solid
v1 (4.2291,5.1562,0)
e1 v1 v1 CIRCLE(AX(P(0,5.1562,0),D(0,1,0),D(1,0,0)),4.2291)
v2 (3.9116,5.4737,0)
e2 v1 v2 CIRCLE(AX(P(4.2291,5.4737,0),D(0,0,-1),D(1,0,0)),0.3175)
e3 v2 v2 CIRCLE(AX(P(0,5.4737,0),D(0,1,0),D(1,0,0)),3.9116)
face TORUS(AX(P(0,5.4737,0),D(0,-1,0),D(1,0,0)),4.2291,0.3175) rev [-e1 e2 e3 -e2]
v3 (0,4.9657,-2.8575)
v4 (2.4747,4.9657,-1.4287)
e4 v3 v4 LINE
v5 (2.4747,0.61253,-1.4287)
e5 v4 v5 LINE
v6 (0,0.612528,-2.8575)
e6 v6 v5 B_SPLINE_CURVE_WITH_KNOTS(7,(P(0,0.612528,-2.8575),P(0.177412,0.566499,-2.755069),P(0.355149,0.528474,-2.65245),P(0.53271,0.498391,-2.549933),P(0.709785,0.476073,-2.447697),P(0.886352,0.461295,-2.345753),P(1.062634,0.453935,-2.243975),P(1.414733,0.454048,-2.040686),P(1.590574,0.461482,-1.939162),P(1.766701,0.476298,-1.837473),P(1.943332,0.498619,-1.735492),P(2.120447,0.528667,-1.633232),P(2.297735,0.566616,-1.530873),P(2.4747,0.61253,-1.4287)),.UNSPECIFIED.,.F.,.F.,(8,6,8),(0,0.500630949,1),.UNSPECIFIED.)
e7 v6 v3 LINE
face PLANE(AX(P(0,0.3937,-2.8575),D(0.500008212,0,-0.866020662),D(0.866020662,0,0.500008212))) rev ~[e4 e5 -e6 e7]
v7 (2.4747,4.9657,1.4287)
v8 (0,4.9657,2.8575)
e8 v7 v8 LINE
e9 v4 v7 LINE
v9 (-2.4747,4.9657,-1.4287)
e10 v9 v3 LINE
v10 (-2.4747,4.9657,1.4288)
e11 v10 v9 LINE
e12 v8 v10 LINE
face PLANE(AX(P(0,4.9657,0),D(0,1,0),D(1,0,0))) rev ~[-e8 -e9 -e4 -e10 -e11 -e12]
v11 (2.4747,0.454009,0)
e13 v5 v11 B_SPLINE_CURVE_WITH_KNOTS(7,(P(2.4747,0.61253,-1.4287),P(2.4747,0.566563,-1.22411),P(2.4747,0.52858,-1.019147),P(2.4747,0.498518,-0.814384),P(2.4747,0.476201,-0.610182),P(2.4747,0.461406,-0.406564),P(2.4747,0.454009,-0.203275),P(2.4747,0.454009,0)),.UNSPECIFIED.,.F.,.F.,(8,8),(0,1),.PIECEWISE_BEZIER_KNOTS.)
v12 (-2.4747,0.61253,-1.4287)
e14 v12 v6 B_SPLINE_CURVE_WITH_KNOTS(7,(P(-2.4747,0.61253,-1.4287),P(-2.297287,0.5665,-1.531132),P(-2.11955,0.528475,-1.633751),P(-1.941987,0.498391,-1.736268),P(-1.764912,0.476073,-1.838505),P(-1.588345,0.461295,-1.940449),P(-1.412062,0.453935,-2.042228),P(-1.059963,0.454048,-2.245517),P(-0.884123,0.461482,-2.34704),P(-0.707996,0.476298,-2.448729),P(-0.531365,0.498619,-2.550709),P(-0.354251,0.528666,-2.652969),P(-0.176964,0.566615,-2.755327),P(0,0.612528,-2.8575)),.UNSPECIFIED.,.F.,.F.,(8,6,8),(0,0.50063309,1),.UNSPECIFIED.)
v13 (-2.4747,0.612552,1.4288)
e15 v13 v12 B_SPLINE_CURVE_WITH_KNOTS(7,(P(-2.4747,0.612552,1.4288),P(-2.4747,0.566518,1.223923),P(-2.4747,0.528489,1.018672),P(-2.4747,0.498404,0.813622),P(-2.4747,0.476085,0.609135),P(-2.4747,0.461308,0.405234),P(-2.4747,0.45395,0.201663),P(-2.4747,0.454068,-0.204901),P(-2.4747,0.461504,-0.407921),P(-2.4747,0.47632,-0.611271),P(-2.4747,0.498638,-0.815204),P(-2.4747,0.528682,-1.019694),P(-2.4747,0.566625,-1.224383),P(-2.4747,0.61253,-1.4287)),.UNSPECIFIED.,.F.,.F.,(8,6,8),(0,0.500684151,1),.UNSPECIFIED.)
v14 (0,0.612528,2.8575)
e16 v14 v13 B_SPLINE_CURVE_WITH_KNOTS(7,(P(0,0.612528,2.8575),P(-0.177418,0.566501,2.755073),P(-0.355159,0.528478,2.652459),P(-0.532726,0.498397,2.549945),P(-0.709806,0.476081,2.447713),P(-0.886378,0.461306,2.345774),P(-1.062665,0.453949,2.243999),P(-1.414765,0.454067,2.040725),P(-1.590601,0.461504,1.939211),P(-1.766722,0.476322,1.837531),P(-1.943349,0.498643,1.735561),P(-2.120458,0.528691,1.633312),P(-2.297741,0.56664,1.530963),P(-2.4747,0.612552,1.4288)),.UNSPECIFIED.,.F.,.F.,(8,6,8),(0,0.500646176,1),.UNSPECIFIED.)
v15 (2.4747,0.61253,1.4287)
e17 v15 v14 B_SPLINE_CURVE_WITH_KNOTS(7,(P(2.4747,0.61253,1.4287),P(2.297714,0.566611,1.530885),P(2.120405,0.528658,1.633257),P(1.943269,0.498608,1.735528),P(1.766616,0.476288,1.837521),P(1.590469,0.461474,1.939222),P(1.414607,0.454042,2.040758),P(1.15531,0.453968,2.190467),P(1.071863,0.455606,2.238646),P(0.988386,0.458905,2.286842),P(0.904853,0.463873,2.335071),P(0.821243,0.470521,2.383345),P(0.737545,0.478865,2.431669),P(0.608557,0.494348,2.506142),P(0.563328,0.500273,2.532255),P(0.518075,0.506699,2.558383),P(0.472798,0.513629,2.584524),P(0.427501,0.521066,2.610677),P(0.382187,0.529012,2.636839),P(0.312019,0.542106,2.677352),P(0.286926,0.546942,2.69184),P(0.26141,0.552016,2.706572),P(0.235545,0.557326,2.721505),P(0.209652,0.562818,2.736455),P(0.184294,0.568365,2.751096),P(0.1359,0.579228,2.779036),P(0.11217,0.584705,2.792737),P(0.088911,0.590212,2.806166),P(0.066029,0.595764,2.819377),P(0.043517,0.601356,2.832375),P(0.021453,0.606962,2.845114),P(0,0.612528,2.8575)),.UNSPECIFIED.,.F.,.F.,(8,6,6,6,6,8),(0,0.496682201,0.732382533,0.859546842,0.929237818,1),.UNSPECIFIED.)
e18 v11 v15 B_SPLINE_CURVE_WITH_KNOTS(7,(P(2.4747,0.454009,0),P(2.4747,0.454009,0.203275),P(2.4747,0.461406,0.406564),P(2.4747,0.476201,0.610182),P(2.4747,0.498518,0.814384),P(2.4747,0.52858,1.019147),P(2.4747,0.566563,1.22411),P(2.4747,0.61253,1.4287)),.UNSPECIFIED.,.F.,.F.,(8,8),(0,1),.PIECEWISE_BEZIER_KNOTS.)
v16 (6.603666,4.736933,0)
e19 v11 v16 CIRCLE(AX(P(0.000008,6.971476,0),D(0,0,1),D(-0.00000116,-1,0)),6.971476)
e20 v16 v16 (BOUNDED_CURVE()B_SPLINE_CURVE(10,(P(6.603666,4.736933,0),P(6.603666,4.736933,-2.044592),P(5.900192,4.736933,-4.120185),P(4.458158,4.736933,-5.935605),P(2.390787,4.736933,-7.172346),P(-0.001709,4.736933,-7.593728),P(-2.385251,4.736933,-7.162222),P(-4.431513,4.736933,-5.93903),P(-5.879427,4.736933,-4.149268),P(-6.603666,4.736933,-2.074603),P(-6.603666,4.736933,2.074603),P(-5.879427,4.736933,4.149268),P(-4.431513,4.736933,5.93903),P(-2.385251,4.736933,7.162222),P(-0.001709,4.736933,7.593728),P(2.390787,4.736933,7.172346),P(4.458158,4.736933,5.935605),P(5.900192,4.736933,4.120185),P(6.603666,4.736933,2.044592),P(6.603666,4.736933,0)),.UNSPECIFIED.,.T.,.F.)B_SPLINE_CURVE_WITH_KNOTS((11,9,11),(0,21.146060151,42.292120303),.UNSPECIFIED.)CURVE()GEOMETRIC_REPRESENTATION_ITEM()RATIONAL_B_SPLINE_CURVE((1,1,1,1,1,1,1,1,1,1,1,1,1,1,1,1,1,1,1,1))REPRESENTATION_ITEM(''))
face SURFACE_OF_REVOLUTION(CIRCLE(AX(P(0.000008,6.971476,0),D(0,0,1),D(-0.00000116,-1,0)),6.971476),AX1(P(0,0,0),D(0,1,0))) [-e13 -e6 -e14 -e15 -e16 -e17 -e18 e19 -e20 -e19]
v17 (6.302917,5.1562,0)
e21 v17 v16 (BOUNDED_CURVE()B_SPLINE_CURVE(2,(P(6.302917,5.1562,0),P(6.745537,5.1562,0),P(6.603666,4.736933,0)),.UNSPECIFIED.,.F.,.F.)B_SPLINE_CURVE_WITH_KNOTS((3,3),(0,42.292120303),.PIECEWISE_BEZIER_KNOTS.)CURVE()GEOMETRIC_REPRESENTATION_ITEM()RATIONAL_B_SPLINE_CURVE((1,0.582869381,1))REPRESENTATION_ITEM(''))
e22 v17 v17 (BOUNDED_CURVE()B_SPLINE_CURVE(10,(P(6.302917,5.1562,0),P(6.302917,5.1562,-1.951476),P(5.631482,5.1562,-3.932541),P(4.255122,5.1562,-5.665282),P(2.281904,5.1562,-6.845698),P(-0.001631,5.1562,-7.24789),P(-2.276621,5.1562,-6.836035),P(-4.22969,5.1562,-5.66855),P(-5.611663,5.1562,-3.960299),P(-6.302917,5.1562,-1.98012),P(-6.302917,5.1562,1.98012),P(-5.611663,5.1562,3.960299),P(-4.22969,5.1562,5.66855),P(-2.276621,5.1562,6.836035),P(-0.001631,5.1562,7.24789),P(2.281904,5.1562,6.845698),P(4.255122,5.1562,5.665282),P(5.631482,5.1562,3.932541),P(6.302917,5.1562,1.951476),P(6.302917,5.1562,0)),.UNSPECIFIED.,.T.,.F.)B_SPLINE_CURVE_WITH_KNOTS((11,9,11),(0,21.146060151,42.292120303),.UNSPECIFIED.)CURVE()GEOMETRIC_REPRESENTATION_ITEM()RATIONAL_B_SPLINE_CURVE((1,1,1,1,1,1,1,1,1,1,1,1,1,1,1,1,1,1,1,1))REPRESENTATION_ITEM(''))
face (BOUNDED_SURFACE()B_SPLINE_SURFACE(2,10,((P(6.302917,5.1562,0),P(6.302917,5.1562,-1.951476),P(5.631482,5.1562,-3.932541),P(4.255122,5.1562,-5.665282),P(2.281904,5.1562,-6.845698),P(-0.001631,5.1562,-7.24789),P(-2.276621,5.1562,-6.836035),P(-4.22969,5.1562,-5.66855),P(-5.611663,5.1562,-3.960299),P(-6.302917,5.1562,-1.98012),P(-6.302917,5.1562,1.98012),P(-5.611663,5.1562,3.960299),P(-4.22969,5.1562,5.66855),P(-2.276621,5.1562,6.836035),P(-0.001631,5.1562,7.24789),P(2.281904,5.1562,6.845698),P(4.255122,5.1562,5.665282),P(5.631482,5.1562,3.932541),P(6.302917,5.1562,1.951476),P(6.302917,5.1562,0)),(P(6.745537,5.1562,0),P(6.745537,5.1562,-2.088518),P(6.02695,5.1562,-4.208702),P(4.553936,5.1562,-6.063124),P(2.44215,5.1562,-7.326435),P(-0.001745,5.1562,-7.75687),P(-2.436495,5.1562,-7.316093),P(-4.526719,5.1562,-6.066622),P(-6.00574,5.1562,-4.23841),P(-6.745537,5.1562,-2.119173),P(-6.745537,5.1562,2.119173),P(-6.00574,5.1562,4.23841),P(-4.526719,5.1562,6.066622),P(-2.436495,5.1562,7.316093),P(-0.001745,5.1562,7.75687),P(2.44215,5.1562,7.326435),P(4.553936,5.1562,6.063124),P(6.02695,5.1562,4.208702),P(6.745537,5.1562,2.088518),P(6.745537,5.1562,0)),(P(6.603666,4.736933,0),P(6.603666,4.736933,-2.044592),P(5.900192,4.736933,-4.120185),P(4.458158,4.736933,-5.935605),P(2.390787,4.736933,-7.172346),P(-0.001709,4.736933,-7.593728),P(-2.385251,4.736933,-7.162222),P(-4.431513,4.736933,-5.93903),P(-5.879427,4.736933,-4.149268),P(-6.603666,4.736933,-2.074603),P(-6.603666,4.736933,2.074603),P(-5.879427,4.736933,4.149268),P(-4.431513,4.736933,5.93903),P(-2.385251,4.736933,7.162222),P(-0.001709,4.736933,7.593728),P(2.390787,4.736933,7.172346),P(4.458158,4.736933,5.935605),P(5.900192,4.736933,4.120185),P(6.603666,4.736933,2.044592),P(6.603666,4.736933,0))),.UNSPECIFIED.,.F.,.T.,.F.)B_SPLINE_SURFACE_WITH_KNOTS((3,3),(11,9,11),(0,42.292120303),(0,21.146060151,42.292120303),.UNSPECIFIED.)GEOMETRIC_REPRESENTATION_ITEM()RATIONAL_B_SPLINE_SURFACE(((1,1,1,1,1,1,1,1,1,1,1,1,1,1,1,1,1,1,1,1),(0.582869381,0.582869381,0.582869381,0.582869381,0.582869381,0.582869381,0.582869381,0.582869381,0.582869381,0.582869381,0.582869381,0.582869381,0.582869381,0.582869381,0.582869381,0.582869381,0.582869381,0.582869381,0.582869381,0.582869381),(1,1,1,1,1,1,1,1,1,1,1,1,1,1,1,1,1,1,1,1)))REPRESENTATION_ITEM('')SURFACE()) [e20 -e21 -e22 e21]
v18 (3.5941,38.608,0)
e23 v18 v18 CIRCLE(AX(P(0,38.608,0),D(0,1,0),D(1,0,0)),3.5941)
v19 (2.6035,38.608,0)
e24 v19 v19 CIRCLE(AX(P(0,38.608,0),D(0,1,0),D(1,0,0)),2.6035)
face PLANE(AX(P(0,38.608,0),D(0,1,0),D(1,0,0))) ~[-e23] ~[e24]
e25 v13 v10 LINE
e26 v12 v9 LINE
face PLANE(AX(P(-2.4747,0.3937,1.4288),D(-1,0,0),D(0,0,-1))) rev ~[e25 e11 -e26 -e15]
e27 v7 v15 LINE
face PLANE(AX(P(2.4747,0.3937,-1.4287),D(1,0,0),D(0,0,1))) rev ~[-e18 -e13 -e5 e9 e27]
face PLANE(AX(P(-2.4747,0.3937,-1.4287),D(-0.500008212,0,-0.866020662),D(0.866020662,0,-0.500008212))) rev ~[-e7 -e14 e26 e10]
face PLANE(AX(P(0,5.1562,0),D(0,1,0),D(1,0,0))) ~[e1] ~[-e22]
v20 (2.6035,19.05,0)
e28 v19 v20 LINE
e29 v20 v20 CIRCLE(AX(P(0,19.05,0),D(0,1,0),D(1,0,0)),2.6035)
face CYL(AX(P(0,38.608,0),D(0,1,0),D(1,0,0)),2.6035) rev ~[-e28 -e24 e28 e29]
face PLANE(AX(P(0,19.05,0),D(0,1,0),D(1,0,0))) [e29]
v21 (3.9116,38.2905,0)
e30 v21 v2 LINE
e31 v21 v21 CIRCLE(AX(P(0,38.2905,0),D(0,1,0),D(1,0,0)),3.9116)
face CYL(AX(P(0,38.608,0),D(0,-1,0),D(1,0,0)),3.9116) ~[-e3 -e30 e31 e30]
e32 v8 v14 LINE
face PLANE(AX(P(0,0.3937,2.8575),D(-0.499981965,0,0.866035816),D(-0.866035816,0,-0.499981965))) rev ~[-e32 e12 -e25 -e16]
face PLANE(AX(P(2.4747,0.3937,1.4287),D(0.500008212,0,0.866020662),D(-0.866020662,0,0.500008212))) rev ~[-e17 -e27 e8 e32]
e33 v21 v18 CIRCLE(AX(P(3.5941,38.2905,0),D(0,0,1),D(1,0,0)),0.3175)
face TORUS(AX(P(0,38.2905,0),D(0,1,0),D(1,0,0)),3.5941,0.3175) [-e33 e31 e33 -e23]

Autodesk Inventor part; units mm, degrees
ref_plane "YZ Plane" through (0, 0, 0) normal (1, 0, 0) x (0, 1, 0)
ref_plane "XZ Plane" through (0, 0, 0) normal (0, 1, 0) x (-1, 0, 0)
sketch "Sketch1" plane through (0, 0, 0) normal (0, 0, 1) x (1, 0, 0)
  line L0 (0, 0) -> (0, 38.608)
  line L1 (0, 38.608) -> (3.9116, 38.608)
  line L2 (3.9116, 38.608) -> (3.9116, 5.1562)
  line L3 (3.9116, 5.1562) -> (6.731, 5.1562)
  line L4 (6.731, 5.1562) -> (3.9116, 5.1562)
  line L5 (6.731, 5.1562) -> (3.9116, 5.1562)
  arc A0 (0, 0) -> (6.731, 5.1562) centre (0, 6.9715) ccw
  dimension "d0" = 38.608
  dimension "d1" = 6.731
  dimension "d3" = 3.9116
  dimension "d4" = 33.4518
revolve "Revolution1" add sketch "Sketch1" angle 360 about axis through (0, 0, 0) along (0, 1, 0)
fillet "Fillet1" radius 0.3175 1 edges at (-6.731, 5.1562, 0)
sketch "Sketch2" plane through (0, 5.1562, 0) normal (0, 1, 0) x (1, 0, 0)
  point P0 (0, 0)
ref_plane "Work Plane1" through (0, 0.3937, 0) normal (0, 1, 0) x (1, 0, 0)
sketch "Sketch3" plane through (0, 0.3937, 0) normal (0, 1, 0) x (1, 0, 0)
  line L0 (0, 2.8575) -> (2.4747, 1.4287)
  line L1 (2.4747, 1.4287) -> (2.4747, -1.4287)
  line L2 (2.4747, -1.4287) -> (0, -2.8575)
  line L3 (0, -2.8575) -> (-2.4747, -1.4288)
  line L4 (-2.4747, -1.4288) -> (-2.4747, 1.4287)
  line L5 (-2.4747, 1.4287) -> (0, 2.8575)
  point P0 (0, 0)
  point P1 (0, 0)
  dimension "d9" = 5.715
extrude "Extrusion1" cut sketch "Sketch3" along normal blind 4.572 and the other way blind 2.286
fillet "Fillet2" radius 0.3175 1 edges at (-3.9116, 5.1562, 0)
fillet "Fillet3" radius 0.3175 1 edges at (-3.9116, 38.608, 0)
sketch "Sketch4" plane through (0, 38.608, 0) normal (0, 1, 0) x (1, 0, 0)
  circle A0 centre (0, 0) radius 3.5941 projected
  circle A1 centre (0, 0) radius 2.6035
  dimension "d16" = 5.207
extrude "Extrusion2" cut sketch "Sketch4" against normal blind 19.558 contours A1
thread "Thread1" size "1/4-28 UNF" class "2B" standard "ANSI Unified Screw Threads" full length
properties part number "Axel-Female" material "Stainless Steel"
